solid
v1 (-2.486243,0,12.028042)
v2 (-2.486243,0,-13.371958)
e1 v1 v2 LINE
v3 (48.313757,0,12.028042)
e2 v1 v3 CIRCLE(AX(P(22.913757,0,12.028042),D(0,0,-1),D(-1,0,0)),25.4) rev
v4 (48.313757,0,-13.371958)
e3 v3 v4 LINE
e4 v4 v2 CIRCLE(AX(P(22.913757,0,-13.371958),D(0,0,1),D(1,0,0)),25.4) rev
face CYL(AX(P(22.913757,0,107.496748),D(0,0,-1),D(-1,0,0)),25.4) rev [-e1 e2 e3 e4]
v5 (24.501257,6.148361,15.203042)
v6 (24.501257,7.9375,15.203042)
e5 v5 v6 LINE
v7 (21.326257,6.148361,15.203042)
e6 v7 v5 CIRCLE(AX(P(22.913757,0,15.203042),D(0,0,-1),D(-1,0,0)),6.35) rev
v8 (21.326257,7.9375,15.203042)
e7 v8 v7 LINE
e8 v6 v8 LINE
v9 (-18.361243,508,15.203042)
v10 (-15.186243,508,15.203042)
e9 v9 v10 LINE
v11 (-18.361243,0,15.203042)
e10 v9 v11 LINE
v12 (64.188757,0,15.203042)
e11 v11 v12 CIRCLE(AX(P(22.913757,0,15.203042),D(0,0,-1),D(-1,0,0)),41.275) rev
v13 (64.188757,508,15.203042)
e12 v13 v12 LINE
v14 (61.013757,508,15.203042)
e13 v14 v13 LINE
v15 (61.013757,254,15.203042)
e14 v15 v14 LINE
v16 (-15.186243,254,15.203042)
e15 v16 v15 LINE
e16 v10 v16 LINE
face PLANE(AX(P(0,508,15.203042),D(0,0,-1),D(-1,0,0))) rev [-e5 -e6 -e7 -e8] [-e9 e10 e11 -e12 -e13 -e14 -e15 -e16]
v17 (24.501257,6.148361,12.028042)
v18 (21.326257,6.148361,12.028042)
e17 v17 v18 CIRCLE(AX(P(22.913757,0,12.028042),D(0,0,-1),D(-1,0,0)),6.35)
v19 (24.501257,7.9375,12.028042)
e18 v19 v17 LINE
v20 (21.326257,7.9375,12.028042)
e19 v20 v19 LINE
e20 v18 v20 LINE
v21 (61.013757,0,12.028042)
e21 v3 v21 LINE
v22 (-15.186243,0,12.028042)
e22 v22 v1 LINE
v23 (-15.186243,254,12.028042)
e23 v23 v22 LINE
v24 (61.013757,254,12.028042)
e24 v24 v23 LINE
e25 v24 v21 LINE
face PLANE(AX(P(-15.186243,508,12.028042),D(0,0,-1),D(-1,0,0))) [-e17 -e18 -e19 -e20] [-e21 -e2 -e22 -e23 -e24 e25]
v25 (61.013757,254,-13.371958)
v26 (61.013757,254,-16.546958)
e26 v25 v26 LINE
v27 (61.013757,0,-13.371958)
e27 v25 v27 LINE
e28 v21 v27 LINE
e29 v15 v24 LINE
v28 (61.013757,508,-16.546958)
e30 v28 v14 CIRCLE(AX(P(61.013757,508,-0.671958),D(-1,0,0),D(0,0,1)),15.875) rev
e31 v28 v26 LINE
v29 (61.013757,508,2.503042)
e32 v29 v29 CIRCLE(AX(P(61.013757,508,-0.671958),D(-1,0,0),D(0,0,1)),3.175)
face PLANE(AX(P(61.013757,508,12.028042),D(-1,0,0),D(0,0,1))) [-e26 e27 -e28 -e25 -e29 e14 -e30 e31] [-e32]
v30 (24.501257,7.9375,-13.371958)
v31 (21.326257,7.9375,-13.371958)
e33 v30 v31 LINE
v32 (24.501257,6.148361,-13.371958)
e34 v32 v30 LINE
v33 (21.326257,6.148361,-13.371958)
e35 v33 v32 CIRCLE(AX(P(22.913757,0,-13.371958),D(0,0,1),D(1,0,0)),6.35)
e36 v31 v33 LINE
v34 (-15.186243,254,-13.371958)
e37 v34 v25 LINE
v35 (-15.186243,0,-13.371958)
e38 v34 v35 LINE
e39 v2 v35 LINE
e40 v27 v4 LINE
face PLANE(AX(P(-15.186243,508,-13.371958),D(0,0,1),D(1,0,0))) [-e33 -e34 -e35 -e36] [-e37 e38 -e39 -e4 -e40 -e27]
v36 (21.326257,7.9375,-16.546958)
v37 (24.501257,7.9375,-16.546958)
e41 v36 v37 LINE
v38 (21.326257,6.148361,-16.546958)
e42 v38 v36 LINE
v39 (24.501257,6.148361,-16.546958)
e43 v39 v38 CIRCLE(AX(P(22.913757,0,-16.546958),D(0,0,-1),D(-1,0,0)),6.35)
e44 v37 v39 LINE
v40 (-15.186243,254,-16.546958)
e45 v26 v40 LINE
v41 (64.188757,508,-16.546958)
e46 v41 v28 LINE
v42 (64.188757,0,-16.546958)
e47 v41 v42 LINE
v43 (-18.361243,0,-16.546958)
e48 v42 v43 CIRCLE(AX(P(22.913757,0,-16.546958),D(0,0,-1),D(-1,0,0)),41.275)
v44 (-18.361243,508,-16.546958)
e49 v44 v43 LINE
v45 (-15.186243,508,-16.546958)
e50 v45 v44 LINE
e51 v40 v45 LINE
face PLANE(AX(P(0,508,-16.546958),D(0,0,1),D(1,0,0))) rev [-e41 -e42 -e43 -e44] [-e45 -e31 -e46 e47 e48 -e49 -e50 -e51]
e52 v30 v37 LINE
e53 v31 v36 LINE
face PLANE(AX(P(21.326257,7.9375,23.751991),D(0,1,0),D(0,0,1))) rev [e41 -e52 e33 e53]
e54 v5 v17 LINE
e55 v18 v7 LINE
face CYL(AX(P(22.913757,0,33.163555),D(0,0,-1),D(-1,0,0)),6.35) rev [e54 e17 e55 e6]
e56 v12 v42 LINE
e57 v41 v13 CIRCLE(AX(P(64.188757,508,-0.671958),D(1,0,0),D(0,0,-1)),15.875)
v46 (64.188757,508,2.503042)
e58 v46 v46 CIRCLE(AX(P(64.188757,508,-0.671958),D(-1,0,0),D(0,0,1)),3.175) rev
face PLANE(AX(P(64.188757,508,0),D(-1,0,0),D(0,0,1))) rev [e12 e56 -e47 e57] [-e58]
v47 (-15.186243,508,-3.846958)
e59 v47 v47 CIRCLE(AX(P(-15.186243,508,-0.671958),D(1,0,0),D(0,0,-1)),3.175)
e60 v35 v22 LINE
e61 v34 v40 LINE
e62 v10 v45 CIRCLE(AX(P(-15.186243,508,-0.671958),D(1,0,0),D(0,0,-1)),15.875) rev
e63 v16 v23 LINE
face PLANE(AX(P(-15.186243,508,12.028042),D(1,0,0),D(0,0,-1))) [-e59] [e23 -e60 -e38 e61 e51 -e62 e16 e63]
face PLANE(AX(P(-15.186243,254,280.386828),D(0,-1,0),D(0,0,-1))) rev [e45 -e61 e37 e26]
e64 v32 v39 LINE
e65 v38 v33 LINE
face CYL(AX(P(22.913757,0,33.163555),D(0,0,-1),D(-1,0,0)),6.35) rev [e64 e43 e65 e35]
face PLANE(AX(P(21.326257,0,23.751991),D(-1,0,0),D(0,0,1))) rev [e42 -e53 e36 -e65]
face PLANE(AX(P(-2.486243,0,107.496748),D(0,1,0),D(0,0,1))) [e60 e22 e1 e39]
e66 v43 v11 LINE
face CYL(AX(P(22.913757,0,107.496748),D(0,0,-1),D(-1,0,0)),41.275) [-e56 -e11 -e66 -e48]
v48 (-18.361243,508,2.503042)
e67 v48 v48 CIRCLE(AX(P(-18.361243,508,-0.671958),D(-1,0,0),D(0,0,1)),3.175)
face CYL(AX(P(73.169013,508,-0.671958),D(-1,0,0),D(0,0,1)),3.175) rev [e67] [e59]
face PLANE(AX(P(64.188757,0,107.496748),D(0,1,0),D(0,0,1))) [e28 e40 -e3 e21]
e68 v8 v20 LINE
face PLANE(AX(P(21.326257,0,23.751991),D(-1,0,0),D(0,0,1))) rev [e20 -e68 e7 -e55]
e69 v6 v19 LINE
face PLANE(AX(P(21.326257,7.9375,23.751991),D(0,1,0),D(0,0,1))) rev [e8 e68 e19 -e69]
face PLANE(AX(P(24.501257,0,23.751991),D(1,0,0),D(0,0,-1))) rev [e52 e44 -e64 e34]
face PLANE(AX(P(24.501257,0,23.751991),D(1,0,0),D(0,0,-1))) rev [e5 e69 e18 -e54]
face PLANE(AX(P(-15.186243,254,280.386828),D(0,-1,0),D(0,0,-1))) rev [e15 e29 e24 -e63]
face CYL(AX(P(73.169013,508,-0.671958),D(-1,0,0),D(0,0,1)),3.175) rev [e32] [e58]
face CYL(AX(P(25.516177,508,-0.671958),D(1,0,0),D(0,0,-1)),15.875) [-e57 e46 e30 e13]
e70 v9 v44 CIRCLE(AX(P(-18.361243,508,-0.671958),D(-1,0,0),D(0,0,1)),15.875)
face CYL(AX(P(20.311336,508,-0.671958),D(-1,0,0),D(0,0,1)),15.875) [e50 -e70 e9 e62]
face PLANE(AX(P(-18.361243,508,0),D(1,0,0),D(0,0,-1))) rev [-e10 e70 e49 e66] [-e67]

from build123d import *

# Parameters (mm, degrees)
SKETCH2_W           = 82.55
SKETCH2_H           = 31.75
SKETCH2_W_2         = 76.2
SKETCH2_H_2         = 25.4
EXTRUDE_THIN1_DEPTH = 508
BOSS_EXTRUDE2_DEPTH = 31.75
BOSS_EXTRUDE3_DEPTH = 3.175
BOSS_EXTRUDE4_DEPTH = 3.175
SKETCH6_R           = 6.35
SHAFT_HOLE_DEPTH    = 31.75
SKETCH7_W           = 3.175
SKETCH7_H           = 7.9375
KEYWAY_DEPTH        = 31.75
CUT_EXTRUDE1_START  = -76.651281
SKETCH8_R           = 6.35
CUT_EXTRUDE1_DEPTH  = 57.601281
BOSS_EXTRUDE5_DEPTH = 3.175
BOSS_EXTRUDE6_DEPTH = 3.175
CUT_EXTRUDE2_START  = -82.55
SKETCH11_R          = 3.175
CUT_EXTRUDE2_DEPTH  = 82.55
CUT_EXTRUDE3_START  = -31.75
SKETCH12_W          = 76.2
SKETCH12_H          = 254
CUT_EXTRUDE3_DEPTH  = 31.75


with BuildPart() as part:
    # Sketch2 → Extrude-Thin1 (new body)
    with BuildSketch(Plane(origin=(0, 0, 0), x_dir=(1, 0, 0), z_dir=(0, 1, 0))):
        with Locations((22.913756614, 0.671957672)):
            Rectangle(SKETCH2_W, SKETCH2_H)
        with Locations((22.913756614, 0.671957672)):
            Rectangle(SKETCH2_W_2, SKETCH2_H_2, mode=Mode.SUBTRACT)
    extrude(amount=EXTRUDE_THIN1_DEPTH)

    # Sketch3 → Boss-Extrude2 (add)
    with BuildSketch(Plane(origin=(0, 0, -16.546957672), x_dir=(-1, 0, 0), z_dir=(0, 0, -1))):
        with BuildLine():
            Line((-64.188756614, 0), (-48.313756614, 0))
            ThreePointArc((-48.313756614, 0), (-22.913756614, -25.4), (2.486243386, 0))
            Line((2.486243386, 0), (18.361243386, 0))
            ThreePointArc((18.361243386, 0), (-22.913756614, -41.275), (-64.188756614, 0))
        make_face()
    extrude(amount=-BOSS_EXTRUDE2_DEPTH)

    # Sketch4 → Boss-Extrude3 (add)
    with BuildSketch(Plane(origin=(0, 0, -16.546957672), x_dir=(-1, 0, 0), z_dir=(0, 0, -1))):
        with BuildLine():
            Line((-48.313756614, 0), (2.486243386, 0))
            ThreePointArc((2.486243386, 0), (-22.913756614, -25.4), (-48.313756614, 0))
        make_face()
    extrude(amount=-BOSS_EXTRUDE3_DEPTH)

    # Sketch5 → Boss-Extrude4 (add)
    with BuildSketch(Plane.XY.offset(15.203042328)):
        with BuildLine():
            Line((-2.486243386, 0), (48.313756614, 0))
            ThreePointArc((48.313756614, 0), (22.913756614, -25.4), (-2.486243386, 0))
        make_face()
    extrude(amount=-BOSS_EXTRUDE4_DEPTH)

    # Sketch6 → Shaft Hole (cut)
    with BuildSketch(Plane(origin=(0, 0, -16.546957672), x_dir=(-1, 0, 0), z_dir=(0, 0, -1))):
        with Locations((-22.913756614, 0)):
            Circle(SKETCH6_R)
    extrude(amount=-SHAFT_HOLE_DEPTH, mode=Mode.SUBTRACT)

    # Sketch7 → Keyway (cut)
    with BuildSketch(Plane(origin=(0, 0, -16.546957672), x_dir=(-1, 0, 0), z_dir=(0, 0, -1))):
        with Locations((-22.913756614, 3.96875)):
            Rectangle(SKETCH7_W, SKETCH7_H)
    extrude(amount=-KEYWAY_DEPTH, mode=Mode.SUBTRACT)

    # Sketch8 → Cut-Extrude1 (cut)
    with BuildSketch(Plane(origin=(0, 262.273478836, -262.273478836), x_dir=(-1, 0, 0), z_dir=(0, 0.707106781, -0.707106781)).offset(CUT_EXTRUDE1_START)):
        with Locations((-22.913756614, 322.109778865)):
            Circle(SKETCH8_R)
    extrude(amount=CUT_EXTRUDE1_DEPTH, mode=Mode.SUBTRACT)

    # Sketch9 → Boss-Extrude5 (add)
    with BuildSketch(Plane.ZY.offset(18.361243386)):
        with BuildLine():
            Line((-16.546957672, 508), (-3.846957672, 508))
            Line((-3.846957672, 508), (2.503042328, 508))
            Line((2.503042328, 508), (15.203042328, 508))
            ThreePointArc((15.203042328, 508), (-0.671957672, 523.875), (-16.546957672, 508))
        make_face()
    extrude(amount=-BOSS_EXTRUDE5_DEPTH)

    # Sketch10 → Boss-Extrude6 (add)
    with BuildSketch(Plane(origin=(64.188756614, 0, 0), x_dir=(0, 0, -1), z_dir=(1, 0, 0))):
        with BuildLine():
            Line((-12.028042328, 508), (13.371957672, 508))
            Line((13.371957672, 508), (16.546957672, 508))
            ThreePointArc((16.546957672, 508), (0.671957672, 523.875), (-15.203042328, 508))
            Line((-15.203042328, 508), (-12.028042328, 508))
        make_face()
    extrude(amount=-BOSS_EXTRUDE6_DEPTH)

    # Sketch11 → Cut-Extrude2 (cut)
    with BuildSketch(Plane.ZY.offset(18.361243386).offset(CUT_EXTRUDE2_START)):
        with Locations((-0.671957672, 508)):
            Circle(SKETCH11_R)
    extrude(amount=CUT_EXTRUDE2_DEPTH, mode=Mode.SUBTRACT)

    # Sketch12 → Cut-Extrude3 (cut)
    with BuildSketch(Plane(origin=(0, 0, -16.546957672), x_dir=(-1, 0, 0), z_dir=(0, 0, -1)).offset(CUT_EXTRUDE3_START)):
        with Locations((-22.913756614, 381)):
            Rectangle(SKETCH12_W, SKETCH12_H)
    extrude(amount=CUT_EXTRUDE3_DEPTH, mode=Mode.SUBTRACT)


solid = part.part
